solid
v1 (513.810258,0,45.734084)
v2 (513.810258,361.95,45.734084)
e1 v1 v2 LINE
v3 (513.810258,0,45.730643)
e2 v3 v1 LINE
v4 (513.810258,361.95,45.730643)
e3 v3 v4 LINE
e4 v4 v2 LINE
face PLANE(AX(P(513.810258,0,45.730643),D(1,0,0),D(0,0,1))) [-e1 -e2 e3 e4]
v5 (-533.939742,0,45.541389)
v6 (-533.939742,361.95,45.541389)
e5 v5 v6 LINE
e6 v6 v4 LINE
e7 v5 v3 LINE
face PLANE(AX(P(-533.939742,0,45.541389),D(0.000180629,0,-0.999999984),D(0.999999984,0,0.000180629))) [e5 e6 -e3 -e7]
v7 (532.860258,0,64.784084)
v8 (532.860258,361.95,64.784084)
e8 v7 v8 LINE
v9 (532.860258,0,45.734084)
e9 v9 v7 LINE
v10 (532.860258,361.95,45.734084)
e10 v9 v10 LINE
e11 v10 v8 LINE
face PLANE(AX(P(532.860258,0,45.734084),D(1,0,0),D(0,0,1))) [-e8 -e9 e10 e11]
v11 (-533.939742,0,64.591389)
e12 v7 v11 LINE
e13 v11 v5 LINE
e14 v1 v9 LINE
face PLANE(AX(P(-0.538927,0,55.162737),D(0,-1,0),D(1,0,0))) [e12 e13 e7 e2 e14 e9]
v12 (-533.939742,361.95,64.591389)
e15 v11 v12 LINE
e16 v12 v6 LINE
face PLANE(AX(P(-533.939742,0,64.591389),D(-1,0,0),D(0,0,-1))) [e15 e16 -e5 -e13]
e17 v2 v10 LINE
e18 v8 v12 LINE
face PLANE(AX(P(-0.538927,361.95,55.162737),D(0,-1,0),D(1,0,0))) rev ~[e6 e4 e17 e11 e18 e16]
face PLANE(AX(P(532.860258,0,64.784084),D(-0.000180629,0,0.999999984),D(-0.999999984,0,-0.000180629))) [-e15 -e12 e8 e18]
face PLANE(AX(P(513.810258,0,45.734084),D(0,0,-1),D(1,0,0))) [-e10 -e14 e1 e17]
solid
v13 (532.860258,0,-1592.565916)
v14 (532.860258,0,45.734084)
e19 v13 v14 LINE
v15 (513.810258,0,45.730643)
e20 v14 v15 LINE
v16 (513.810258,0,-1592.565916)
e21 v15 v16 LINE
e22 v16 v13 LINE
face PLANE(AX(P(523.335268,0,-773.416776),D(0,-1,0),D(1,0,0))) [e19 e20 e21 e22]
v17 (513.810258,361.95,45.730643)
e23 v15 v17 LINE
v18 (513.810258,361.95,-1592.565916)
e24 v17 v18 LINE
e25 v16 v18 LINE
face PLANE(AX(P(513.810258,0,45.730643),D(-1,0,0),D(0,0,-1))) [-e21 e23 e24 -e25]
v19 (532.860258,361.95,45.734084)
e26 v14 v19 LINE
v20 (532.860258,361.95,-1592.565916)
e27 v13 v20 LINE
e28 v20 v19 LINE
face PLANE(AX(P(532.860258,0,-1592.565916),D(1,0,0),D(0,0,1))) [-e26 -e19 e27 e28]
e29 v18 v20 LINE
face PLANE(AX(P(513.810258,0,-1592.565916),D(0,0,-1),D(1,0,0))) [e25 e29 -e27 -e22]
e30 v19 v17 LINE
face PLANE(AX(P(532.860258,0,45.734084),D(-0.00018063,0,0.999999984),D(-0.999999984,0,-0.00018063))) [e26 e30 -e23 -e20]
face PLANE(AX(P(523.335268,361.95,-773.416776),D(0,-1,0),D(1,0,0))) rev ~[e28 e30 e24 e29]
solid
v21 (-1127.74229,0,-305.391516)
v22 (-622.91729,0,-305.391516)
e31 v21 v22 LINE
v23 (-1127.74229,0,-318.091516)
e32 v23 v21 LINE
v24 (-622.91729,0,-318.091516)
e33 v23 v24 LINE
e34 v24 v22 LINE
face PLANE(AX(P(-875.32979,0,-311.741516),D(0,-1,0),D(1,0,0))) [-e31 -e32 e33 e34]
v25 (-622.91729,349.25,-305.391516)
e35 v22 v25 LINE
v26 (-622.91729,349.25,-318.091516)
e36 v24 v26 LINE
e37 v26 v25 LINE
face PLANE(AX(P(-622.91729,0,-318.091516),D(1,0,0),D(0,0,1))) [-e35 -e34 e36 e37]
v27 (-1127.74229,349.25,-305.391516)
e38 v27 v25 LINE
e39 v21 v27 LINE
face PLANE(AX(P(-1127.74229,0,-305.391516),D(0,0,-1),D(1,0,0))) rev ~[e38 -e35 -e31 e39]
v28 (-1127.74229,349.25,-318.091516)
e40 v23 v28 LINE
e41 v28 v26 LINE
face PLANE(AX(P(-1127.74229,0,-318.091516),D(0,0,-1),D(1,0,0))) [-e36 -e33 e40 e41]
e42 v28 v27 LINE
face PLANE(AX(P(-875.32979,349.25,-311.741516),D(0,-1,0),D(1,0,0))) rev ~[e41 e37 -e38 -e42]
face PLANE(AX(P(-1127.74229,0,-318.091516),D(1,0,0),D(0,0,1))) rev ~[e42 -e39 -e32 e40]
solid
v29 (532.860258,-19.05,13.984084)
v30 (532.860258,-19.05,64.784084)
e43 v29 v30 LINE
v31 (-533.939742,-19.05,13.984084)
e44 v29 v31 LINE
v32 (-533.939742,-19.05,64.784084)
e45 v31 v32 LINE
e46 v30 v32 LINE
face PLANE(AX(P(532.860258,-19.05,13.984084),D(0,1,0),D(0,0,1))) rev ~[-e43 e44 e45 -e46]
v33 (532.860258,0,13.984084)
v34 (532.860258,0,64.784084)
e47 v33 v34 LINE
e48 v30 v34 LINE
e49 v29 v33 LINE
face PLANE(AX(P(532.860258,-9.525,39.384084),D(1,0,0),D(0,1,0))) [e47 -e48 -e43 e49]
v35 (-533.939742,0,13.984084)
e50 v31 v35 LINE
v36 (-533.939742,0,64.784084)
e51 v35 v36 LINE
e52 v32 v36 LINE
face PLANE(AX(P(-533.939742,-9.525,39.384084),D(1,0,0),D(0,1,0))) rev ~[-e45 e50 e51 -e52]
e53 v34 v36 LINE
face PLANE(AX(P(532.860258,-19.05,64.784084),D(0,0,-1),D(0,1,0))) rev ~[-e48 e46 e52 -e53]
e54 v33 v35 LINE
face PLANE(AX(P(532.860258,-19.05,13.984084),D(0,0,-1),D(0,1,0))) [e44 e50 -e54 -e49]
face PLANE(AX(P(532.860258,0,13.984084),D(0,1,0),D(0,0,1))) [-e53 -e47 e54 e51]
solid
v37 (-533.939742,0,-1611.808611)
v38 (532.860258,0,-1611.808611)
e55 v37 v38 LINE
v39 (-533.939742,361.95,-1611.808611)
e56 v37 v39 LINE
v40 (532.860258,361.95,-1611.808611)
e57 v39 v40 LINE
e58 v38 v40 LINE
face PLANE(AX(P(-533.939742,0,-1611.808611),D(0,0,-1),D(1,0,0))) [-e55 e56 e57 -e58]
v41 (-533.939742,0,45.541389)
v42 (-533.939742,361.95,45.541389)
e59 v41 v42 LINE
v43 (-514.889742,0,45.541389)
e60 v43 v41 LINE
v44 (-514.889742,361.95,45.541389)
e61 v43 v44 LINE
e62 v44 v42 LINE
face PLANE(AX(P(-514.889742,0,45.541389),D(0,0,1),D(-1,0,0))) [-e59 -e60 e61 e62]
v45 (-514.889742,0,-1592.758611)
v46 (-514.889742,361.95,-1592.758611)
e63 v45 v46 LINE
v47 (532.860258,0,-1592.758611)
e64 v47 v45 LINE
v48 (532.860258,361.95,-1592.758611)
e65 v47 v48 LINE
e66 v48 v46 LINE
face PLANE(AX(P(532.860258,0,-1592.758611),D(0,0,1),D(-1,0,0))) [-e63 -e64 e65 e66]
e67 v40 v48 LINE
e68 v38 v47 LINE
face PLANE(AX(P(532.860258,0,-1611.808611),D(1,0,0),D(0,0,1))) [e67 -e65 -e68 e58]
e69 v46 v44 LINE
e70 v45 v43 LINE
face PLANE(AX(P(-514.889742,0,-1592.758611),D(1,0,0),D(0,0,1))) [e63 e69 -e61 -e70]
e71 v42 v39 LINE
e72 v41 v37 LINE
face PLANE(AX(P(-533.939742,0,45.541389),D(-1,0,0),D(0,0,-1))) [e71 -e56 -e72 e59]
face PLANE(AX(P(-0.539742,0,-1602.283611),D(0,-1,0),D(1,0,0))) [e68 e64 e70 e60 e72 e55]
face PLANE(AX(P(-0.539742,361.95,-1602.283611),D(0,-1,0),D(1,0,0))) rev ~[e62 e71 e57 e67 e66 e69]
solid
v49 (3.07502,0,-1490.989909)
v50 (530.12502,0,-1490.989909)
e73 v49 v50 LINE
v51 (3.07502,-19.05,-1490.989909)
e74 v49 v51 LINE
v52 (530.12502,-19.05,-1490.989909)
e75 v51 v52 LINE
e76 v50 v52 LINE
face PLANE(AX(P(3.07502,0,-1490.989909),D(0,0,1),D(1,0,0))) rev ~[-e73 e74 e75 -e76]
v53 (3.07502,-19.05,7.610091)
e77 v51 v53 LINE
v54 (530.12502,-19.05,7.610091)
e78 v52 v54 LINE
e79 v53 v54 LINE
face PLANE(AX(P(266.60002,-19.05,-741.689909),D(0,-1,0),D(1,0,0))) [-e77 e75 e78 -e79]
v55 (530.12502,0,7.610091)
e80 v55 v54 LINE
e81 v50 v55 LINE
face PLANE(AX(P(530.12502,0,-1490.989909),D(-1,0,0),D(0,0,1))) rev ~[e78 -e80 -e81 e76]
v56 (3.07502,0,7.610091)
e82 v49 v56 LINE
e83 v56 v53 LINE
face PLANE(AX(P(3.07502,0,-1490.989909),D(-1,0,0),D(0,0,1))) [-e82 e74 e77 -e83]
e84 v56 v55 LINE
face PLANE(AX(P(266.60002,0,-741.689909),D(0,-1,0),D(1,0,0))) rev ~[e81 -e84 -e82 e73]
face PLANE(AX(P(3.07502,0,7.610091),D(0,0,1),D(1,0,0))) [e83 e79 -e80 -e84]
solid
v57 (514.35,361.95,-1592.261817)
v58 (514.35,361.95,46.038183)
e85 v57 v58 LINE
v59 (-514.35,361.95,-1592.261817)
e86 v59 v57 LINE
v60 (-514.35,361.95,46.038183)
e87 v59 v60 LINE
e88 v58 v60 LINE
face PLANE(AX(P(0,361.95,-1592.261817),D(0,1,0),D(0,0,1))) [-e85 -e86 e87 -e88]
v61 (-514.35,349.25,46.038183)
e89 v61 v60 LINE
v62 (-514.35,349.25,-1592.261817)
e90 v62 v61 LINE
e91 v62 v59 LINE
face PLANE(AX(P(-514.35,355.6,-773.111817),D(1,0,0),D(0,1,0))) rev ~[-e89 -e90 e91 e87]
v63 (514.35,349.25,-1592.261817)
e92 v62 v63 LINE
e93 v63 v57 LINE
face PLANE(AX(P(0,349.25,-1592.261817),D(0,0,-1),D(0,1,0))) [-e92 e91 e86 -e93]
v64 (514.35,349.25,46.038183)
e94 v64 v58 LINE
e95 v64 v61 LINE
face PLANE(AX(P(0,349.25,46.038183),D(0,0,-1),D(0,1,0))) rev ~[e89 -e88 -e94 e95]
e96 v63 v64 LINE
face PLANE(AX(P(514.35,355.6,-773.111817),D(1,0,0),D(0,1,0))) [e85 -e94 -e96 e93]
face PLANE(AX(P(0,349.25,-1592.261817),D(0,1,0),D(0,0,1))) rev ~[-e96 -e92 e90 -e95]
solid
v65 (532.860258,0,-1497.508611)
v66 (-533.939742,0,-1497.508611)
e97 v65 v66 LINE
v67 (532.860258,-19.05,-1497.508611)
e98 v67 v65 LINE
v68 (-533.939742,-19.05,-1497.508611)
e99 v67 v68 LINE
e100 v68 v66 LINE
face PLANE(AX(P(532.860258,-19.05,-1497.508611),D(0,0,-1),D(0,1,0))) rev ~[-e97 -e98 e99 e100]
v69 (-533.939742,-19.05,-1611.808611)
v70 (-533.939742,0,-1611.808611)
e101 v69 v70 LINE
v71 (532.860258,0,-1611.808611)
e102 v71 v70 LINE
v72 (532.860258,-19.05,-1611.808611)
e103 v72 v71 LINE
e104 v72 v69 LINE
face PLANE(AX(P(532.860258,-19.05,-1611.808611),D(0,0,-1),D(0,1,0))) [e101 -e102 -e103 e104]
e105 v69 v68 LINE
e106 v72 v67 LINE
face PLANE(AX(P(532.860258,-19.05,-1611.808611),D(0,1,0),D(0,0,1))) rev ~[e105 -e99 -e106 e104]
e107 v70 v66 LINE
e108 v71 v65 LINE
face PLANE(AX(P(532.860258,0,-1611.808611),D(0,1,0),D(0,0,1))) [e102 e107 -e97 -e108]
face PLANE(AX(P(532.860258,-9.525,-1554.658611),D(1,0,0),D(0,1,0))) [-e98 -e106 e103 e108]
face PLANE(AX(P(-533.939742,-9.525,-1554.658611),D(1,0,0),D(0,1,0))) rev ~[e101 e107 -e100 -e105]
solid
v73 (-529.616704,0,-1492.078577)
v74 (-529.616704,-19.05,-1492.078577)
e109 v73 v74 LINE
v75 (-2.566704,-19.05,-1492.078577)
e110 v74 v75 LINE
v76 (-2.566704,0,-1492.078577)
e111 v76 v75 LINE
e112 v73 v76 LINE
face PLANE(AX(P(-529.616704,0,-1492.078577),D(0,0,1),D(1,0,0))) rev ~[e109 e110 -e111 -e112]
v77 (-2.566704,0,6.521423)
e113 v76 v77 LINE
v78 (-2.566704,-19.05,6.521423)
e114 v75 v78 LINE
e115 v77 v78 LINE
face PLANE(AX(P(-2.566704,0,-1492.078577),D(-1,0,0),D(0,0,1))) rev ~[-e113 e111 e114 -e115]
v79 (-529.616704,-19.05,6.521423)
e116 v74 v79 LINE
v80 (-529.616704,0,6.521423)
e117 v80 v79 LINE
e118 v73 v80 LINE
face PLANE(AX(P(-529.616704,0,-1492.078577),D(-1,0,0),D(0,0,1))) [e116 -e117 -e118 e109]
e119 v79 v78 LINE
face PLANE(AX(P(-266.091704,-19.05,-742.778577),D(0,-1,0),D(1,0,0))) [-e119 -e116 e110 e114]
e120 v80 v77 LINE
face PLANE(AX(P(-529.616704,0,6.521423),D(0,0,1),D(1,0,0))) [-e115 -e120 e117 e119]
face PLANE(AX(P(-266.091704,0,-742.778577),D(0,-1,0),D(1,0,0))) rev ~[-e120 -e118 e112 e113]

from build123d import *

# Parameters (mm, degrees)
F1_DEPTH = 361.95
F2_W     = 12.7
F2_H     = 1638.3
F3_DEPTH = 514.35
F4_W     = 19.05
F4_H     = 50.8
F4_H_2   = 114.3
F5_DEPTH = 1066.8
F6_W     = 527.05
F6_H     = 1498.6
F7_DEPTH = 19.05
F8_W     = 504.825
F8_H     = 12.7
F9_DEPTH = 349.25


with BuildPart() as f1:
    # F0 (on Front) → F1 (new body)
    with BuildSketch(Plane.XZ):
        Polygon((532.860258, 45.734084), (513.810258, 45.730643), (513.810258, -1141.908611), (513.810258, -1160.958611), (513.810258, -1592.565916), (532.860258, -1592.565916), align=None)
        Polygon((-514.889742, -1592.758611), (-533.939742, -1592.758611), (-533.939742, -1611.808611), (532.860258, -1611.808611), (532.860258, -1592.758611), align=None)
        Polygon((-514.889742, 45.541389), (-533.939742, 45.541389), (-533.939742, -1592.758611), (-514.889742, -1592.758611), (-514.889742, -1160.958611), (-514.889742, -1141.908611), align=None)
        Polygon((-533.939742, 64.591389), (-533.939742, 45.541389), (-10.064742, 45.636016), (513.810258, 45.730643), (513.810258, 45.734084), (532.860258, 45.734084), (532.860258, 64.784084), align=None)
    extrude(amount=-F1_DEPTH)


with BuildPart() as f3:
    # F2 (on Right) → F3 (new body, symmetric)
    with BuildSketch(Plane.YZ):
        with Locations((355.6, -773.111817)):
            Rectangle(F2_W, F2_H)
    extrude(amount=F3_DEPTH, both=True)


with BuildPart() as f5:
    # F4 (on face) → F5 (new body)
    with BuildSketch(Plane.YZ.offset(532.860258)):
        with Locations((-9.525, 39.384084)):
            Rectangle(F4_W, F4_H)
        with Locations((-9.525, -1554.658611)):
            Rectangle(F4_W, F4_H_2)
    extrude(amount=-F5_DEPTH)


with BuildPart() as f7:
    # F6 (on face) → F7 (new body)
    with BuildSketch(Plane.XZ):
        with Locations((-266.091704, -742.778577)):
            Rectangle(F6_W, F6_H)
        with Locations((266.60002, -741.689909)):
            Rectangle(F6_W, F6_H)
    extrude(amount=F7_DEPTH)


with BuildPart() as f9:
    # F8 (on Front) → F9 (new body)
    with BuildSketch(Plane.XZ):
        with Locations((-875.32979, -311.741516)):
            Rectangle(F8_W, F8_H)
    extrude(amount=-F9_DEPTH)


solid = Compound([f1.part, f3.part, f5.part, f7.part, f9.part])
